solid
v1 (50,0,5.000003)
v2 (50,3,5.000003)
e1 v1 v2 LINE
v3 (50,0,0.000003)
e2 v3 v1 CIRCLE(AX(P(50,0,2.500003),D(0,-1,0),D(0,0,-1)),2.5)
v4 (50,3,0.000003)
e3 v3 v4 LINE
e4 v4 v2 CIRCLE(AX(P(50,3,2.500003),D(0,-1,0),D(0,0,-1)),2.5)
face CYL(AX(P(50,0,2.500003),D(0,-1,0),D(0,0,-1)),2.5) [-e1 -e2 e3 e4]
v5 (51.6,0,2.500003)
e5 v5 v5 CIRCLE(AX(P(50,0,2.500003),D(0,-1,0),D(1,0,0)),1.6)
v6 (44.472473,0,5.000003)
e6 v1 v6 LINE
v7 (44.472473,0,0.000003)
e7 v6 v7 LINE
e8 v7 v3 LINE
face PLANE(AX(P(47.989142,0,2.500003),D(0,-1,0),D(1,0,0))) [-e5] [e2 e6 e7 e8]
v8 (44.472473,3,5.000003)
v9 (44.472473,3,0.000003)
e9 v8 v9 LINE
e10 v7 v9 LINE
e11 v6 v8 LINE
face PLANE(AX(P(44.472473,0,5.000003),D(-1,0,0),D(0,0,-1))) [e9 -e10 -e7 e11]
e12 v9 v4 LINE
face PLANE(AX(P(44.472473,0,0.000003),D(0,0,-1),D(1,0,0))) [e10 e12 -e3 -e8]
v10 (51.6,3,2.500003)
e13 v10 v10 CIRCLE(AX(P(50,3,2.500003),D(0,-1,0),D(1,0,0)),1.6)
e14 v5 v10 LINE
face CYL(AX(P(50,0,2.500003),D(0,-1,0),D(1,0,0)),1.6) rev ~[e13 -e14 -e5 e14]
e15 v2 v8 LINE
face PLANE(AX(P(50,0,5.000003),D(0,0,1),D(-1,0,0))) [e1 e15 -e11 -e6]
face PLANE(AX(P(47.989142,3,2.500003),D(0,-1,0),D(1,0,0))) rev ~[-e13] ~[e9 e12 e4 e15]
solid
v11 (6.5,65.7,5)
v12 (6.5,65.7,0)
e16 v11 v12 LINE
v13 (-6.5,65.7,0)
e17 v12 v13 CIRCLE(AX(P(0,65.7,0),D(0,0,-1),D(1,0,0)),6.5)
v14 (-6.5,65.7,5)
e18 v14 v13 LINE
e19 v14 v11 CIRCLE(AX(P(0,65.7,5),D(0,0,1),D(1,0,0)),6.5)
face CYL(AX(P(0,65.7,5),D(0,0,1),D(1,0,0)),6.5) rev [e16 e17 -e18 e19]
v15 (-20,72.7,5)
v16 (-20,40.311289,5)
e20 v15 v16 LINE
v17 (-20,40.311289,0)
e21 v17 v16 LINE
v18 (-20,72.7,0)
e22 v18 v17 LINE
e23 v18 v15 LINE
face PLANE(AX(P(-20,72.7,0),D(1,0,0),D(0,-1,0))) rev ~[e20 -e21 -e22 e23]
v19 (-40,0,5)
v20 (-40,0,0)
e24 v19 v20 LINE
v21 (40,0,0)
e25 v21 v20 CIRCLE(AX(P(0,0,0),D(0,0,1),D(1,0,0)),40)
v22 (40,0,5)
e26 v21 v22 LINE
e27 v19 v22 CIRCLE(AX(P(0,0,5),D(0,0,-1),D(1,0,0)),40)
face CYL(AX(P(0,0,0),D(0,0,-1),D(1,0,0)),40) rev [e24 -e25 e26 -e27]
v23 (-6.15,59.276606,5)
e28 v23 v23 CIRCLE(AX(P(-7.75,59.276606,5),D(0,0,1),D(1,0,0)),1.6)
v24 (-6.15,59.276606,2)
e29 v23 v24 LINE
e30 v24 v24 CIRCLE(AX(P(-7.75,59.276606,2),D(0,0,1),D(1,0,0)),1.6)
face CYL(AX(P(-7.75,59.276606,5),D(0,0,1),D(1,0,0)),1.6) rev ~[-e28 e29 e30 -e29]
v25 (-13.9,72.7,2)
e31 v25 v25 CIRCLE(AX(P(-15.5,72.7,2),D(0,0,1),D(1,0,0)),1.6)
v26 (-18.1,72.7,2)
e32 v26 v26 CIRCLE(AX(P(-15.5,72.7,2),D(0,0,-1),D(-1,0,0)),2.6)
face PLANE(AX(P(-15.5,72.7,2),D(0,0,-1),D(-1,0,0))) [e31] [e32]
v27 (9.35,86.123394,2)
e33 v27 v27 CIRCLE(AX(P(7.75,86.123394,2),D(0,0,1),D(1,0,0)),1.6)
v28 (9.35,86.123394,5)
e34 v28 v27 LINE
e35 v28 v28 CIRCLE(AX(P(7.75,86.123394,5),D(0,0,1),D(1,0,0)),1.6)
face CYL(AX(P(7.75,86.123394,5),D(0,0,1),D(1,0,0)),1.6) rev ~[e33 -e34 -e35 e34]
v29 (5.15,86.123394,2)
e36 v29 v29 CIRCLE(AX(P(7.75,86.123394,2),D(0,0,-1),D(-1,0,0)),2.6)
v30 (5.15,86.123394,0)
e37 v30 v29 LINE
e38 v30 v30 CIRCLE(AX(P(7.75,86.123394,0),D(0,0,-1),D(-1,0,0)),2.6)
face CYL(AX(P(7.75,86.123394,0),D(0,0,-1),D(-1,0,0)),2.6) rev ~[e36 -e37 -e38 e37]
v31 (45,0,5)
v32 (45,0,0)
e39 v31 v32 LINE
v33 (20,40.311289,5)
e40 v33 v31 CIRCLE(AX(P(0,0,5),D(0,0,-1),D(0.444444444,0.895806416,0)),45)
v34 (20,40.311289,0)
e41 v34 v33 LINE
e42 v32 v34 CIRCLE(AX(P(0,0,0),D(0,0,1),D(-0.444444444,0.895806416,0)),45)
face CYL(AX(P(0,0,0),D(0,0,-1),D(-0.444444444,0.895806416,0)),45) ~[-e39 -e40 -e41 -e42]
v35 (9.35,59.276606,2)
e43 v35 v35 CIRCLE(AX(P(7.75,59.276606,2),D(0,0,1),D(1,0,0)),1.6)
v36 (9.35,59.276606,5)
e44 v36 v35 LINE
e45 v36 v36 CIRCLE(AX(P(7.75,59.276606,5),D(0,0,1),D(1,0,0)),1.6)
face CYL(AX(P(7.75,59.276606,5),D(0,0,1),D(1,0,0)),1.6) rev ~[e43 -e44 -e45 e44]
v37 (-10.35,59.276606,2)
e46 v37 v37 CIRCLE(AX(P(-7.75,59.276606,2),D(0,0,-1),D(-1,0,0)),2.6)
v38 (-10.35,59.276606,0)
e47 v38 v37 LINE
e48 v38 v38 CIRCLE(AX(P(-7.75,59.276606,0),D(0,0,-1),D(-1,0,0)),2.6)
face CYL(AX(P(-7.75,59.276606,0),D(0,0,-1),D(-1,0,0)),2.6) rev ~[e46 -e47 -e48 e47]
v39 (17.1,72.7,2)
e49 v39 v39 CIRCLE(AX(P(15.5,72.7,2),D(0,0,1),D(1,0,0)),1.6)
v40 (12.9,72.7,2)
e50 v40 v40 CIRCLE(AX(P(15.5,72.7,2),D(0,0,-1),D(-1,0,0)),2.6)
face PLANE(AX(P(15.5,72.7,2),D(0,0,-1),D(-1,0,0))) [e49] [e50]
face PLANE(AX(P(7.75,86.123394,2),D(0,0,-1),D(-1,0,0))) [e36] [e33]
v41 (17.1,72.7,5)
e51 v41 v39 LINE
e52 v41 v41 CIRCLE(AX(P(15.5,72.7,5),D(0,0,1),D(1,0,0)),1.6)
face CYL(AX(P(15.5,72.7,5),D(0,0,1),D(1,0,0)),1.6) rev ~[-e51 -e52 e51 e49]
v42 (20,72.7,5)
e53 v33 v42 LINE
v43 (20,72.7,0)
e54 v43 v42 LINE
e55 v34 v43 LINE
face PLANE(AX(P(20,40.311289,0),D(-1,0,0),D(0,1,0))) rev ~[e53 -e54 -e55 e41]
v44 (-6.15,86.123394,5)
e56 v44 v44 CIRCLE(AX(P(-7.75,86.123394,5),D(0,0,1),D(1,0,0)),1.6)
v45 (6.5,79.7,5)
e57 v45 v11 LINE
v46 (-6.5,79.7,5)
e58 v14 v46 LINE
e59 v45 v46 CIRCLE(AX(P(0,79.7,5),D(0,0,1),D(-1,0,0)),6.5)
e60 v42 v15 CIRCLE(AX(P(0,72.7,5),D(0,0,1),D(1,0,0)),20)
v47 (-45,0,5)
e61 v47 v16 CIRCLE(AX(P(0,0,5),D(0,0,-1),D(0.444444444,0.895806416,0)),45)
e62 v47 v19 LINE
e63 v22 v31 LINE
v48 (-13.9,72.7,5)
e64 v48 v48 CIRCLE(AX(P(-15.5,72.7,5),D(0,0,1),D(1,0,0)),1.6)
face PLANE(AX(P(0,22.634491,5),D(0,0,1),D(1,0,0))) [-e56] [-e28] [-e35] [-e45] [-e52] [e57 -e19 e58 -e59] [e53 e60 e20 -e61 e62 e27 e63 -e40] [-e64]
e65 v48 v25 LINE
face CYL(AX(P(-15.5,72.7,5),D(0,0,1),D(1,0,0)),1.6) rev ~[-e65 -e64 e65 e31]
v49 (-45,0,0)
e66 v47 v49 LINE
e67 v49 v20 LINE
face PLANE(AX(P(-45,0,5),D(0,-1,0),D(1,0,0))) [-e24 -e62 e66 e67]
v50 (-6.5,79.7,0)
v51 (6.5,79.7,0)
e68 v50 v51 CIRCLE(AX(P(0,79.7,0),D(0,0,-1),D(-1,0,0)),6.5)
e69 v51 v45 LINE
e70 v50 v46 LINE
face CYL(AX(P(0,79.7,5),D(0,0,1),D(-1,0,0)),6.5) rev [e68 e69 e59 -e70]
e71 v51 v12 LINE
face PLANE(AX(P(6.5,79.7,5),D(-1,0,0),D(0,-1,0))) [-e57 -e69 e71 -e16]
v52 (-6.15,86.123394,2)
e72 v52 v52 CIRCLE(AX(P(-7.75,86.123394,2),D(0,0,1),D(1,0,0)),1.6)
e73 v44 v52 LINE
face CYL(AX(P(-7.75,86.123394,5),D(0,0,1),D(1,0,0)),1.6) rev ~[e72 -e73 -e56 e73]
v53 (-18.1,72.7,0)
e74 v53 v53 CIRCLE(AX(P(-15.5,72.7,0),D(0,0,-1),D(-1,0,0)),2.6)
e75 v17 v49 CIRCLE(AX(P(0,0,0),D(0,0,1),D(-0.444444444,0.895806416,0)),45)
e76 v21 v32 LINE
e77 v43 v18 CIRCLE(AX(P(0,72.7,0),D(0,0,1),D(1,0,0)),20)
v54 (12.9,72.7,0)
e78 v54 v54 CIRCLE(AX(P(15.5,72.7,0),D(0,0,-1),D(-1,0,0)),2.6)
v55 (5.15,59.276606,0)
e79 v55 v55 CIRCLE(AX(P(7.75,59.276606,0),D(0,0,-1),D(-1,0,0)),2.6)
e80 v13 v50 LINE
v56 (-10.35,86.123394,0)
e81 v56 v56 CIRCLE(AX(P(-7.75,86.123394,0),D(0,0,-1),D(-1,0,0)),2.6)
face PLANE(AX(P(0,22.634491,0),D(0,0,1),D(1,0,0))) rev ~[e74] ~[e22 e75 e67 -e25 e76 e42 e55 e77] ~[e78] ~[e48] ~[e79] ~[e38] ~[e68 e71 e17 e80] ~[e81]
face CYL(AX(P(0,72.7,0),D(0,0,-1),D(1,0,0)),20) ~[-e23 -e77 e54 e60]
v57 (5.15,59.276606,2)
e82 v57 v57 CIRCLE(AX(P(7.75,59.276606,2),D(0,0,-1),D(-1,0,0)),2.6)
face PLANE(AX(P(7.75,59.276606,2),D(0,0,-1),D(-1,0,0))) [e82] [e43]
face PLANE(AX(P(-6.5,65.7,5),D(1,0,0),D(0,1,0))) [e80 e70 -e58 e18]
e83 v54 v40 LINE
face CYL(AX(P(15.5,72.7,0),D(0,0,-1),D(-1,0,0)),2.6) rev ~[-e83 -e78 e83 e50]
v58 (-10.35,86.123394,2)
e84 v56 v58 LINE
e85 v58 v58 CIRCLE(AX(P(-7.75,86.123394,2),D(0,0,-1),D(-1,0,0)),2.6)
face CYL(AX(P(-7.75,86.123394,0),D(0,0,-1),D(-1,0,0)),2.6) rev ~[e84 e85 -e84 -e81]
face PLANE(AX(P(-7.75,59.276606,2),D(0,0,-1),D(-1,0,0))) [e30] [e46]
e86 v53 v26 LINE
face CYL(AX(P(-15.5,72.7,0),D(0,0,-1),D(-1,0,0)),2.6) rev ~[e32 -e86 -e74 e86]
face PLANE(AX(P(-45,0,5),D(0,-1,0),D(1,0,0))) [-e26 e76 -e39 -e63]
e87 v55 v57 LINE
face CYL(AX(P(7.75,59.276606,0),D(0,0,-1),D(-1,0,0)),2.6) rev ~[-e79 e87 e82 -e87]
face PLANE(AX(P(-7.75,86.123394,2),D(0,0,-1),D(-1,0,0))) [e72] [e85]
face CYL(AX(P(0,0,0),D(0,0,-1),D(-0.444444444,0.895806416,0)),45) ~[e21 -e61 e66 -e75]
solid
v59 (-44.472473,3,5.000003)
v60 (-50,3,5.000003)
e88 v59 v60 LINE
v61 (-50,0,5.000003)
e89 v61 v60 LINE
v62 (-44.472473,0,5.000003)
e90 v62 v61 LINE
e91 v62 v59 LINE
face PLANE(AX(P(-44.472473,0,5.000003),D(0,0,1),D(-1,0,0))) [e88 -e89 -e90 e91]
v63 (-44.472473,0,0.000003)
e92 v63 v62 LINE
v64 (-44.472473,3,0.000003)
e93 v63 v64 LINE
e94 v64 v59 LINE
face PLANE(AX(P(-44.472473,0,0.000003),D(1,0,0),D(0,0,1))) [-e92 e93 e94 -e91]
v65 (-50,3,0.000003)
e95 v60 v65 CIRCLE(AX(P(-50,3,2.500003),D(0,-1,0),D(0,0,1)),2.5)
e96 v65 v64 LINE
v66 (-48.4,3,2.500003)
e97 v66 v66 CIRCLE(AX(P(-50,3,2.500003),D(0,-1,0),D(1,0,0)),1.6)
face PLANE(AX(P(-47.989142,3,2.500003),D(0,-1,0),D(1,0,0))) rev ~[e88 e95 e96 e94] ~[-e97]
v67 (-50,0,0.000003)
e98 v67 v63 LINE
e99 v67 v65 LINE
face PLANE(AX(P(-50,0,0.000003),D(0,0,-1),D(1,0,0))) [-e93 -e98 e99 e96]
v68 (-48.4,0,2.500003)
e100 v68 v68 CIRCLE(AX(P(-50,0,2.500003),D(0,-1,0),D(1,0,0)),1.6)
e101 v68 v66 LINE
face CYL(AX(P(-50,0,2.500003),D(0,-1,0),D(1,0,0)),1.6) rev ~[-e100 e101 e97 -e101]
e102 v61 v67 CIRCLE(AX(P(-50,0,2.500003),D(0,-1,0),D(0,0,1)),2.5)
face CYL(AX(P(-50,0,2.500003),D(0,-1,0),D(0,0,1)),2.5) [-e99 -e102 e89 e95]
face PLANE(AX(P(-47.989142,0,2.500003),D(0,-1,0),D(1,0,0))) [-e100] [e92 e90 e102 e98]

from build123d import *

# Parameters (mm, degrees)
SKETCH_1_R               = 40
EXTRUDE_1_DEPTH          = 5
SKETCH_2_R               = 1.6
CUT_EXTRUDE_1_DEPTH      = 5
SKETCH_3_R               = 2.6
CUT_EXTRUDE_2_DEPTH      = 2
SKETCH_4_W               = 99.26232013
SKETCH_4_H               = 51.828911565
CUT_EXTRUDE_3_DEPTH      = 1
CUT_EXTRUDE_3_DEPTH_BACK = 6
SKETCH_5_R               = 1.6
EXTRUDE_2_DEPTH          = 3
EXTRUDE_2_2_DEPTH        = 3


with BuildPart() as part:
    # 草图1 → 凸台-拉伸1 (new body)
    with BuildSketch(Plane.XY):
        with BuildLine():
            Line((-20, 72.7), (-20, 40.311288741))
            ThreePointArc((-20, 40.311288741), (0, -45), (20, 40.311288741))
            Line((20, 40.311288741), (20, 72.7))
            ThreePointArc((20, 72.7), (0, 92.7), (-20, 72.7))
        make_face()
        Circle(SKETCH_1_R, mode=Mode.SUBTRACT)
    extrude(amount=EXTRUDE_1_DEPTH)

    # 草图2 → 切除-拉伸1 (cut, symmetric)
    with BuildSketch(Plane.XY.offset(5)):
        with Locations((-7.75, 86.123393759)):
            Circle(SKETCH_2_R)
        with Locations((7.75, 86.123393759)):
            Circle(SKETCH_2_R)
        with Locations((15.5, 72.7)):
            Circle(SKETCH_2_R)
        with Locations((7.75, 59.276606241)):
            Circle(SKETCH_2_R)
        with Locations((-7.75, 59.276606241)):
            Circle(SKETCH_2_R)
        with Locations((-15.5, 72.7)):
            Circle(SKETCH_2_R)
        with BuildLine():
            Line((6.5, 79.7), (6.5, 65.7))
            ThreePointArc((6.5, 65.7), (0, 59.2), (-6.5, 65.7))
            Line((-6.5, 65.7), (-6.5, 79.7))
            ThreePointArc((-6.5, 79.7), (0, 86.2), (6.5, 79.7))
        make_face()
    extrude(amount=CUT_EXTRUDE_1_DEPTH, both=True, mode=Mode.SUBTRACT)

    # 草图3 → 切除-拉伸2 (cut)
    with BuildSketch(Plane(origin=(0, 0, 0), x_dir=(-1, 0, 0), z_dir=(0, 0, -1))):
        with Locations((-7.75, 86.123393759)):
            Circle(SKETCH_3_R)
        with Locations((7.75, 86.123393759)):
            Circle(SKETCH_3_R)
        with Locations((15.5, 72.7)):
            Circle(SKETCH_3_R)
        with Locations((7.75, 59.276606241)):
            Circle(SKETCH_3_R)
        with Locations((-7.75, 59.276606241)):
            Circle(SKETCH_3_R)
        with Locations((-15.5, 72.7)):
            Circle(SKETCH_3_R)
    extrude(amount=-CUT_EXTRUDE_2_DEPTH, mode=Mode.SUBTRACT)

    # 草图4 → 切除-拉伸3 (cut, two sides)
    with BuildSketch(Plane.XY.offset(5)) as cut_extrude_3_sk:
        with Locations((4.631160065, -25.914455783)):
            Rectangle(SKETCH_4_W, SKETCH_4_H)
    extrude(amount=CUT_EXTRUDE_3_DEPTH, mode=Mode.SUBTRACT)
    extrude(cut_extrude_3_sk.sketch, amount=-CUT_EXTRUDE_3_DEPTH_BACK, mode=Mode.SUBTRACT)


with BuildPart() as body_2:
    # 草图5 → 凸台-拉伸2 (new body)
    with BuildSketch(Plane.XZ):
        with BuildLine():
            Line((-44.472472542, 5.000003), (-50, 5.000003))
            ThreePointArc((-50, 5.000003), (-52.5, 2.500003), (-50, 3e-06))
            Line((-50, 3e-06), (-44.472472542, 3e-06))
            Line((-44.472472542, 3e-06), (-44.472472542, 5.000003))
        make_face()
        with Locations((-50, 2.500003)):
            Circle(SKETCH_5_R, mode=Mode.SUBTRACT)
    extrude(amount=-EXTRUDE_2_DEPTH)


with BuildPart() as body_3:
    # 草图5 → Extrude 2 2 (new body)
    with BuildSketch(Plane.XZ):
        with BuildLine():
            Line((44.472472542, 3e-06), (50, 3e-06))
            ThreePointArc((50, 3e-06), (52.5, 2.500003), (50, 5.000003))
            Line((50, 5.000003), (44.472472542, 5.000003))
            Line((44.472472542, 5.000003), (44.472472542, 3e-06))
        make_face()
        with Locations((50, 2.500003)):
            Circle(SKETCH_5_R, mode=Mode.SUBTRACT)
    extrude(amount=-EXTRUDE_2_2_DEPTH)


solid = Compound([part.part, body_2.part, body_3.part])
